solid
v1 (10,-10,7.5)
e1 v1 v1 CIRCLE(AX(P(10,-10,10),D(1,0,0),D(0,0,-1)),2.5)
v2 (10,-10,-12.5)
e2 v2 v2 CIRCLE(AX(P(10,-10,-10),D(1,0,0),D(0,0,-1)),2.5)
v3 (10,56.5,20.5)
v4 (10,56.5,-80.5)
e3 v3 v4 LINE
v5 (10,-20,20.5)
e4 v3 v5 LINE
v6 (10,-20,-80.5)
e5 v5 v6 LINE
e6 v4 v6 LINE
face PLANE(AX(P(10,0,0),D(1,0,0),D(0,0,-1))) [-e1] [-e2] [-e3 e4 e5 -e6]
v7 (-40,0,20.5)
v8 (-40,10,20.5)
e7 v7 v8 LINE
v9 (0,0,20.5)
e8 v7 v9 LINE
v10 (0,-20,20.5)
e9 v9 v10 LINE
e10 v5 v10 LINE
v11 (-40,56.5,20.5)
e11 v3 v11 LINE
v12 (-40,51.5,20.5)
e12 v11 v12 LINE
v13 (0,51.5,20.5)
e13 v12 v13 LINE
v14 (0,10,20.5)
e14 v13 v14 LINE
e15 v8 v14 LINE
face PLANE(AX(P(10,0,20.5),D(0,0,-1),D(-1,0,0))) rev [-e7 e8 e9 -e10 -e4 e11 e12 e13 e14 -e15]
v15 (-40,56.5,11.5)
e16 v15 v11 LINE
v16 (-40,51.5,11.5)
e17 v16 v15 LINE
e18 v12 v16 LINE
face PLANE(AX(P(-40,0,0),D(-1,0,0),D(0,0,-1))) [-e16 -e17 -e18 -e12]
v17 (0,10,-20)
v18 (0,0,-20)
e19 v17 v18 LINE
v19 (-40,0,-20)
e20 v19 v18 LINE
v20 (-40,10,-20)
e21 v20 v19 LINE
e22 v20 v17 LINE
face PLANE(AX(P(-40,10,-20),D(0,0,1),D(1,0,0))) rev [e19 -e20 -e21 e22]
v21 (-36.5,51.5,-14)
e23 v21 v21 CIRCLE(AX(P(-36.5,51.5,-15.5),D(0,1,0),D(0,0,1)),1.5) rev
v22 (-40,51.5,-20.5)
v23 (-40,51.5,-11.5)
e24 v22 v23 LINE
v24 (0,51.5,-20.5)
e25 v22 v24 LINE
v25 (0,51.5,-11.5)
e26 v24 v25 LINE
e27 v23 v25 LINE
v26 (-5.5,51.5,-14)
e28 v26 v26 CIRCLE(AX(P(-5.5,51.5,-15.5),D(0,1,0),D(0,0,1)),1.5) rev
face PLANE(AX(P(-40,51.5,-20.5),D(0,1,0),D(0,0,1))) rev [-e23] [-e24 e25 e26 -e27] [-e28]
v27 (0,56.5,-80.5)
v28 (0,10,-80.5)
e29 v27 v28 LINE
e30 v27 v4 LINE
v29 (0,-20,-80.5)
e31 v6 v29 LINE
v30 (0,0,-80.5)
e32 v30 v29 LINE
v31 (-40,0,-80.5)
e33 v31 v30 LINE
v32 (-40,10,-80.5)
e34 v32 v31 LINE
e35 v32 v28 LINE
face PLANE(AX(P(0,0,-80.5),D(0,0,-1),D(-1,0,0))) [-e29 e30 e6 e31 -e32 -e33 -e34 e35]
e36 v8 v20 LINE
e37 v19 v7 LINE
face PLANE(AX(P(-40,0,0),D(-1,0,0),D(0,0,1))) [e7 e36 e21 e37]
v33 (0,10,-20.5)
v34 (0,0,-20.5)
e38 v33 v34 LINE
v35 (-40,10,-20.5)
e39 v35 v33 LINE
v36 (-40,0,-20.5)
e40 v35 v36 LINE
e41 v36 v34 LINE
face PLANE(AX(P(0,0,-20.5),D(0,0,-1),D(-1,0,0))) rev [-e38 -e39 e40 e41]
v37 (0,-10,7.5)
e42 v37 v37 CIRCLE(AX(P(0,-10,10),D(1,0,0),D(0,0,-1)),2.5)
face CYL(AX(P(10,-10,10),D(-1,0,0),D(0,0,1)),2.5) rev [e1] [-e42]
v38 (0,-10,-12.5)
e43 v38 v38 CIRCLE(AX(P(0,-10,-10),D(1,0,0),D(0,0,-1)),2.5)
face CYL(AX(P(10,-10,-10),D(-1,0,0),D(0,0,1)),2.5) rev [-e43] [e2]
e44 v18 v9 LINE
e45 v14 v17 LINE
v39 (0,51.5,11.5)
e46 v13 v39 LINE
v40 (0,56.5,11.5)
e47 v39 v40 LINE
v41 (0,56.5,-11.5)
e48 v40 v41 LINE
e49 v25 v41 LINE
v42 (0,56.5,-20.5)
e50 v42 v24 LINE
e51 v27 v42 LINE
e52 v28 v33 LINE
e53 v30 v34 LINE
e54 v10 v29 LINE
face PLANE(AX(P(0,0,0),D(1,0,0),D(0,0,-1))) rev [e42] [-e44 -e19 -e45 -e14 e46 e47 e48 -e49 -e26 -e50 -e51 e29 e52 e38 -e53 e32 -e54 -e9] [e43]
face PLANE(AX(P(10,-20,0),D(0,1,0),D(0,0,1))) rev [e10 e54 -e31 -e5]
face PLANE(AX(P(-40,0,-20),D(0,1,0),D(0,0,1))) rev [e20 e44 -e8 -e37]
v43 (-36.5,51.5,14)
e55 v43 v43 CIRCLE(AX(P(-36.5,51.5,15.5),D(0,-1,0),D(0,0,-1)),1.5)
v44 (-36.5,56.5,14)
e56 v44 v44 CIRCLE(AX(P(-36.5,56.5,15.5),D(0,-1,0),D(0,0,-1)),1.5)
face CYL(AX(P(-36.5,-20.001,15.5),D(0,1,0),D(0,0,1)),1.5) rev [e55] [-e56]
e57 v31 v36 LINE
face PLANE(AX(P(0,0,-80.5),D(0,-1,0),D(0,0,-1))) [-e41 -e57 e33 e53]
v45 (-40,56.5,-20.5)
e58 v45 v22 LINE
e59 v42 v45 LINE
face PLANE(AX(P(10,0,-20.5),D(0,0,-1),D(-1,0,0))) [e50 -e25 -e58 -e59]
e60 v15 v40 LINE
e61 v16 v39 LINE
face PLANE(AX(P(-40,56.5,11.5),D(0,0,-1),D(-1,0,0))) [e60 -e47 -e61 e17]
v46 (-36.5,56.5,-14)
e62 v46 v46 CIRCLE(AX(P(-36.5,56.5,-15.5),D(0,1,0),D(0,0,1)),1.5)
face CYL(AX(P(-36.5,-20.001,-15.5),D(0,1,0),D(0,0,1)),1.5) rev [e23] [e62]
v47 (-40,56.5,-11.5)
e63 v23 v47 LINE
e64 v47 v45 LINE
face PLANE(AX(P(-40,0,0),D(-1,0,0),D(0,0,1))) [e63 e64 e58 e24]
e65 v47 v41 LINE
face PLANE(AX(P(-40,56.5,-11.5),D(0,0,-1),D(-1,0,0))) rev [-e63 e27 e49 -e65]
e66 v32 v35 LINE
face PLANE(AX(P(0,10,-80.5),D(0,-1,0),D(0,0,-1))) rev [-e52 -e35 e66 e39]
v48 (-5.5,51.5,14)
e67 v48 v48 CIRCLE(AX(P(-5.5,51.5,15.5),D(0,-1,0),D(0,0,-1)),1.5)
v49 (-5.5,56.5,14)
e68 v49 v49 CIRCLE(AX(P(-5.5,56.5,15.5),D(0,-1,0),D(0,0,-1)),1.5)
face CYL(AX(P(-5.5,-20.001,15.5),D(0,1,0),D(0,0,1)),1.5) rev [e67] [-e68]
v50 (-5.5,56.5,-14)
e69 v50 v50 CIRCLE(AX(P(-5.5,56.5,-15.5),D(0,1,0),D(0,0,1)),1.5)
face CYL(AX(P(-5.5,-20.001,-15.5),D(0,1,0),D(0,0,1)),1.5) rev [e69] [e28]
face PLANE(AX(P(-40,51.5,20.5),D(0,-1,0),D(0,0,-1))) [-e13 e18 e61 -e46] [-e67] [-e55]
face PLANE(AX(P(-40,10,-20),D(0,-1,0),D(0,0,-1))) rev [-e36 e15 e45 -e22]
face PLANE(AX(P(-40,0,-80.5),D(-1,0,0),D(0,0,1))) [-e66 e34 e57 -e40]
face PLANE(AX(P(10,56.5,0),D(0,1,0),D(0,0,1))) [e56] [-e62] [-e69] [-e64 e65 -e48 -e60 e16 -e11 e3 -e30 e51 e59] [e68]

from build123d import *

# Parameters (mm, degrees)
SKETCH1_W           = 41
SKETCH1_H           = 56.5
SKETCH1_H_2         = 20
SKETCH1_R           = 2.5
BOSS_EXTRUDE1_DEPTH = 10
SKETCH3_W           = 40.5
SKETCH3_H           = 10
BOSS_EXTRUDE2_DEPTH = 40
SKETCH4_W           = 9
SKETCH4_H           = 5
BOSS_EXTRUDE3_DEPTH = 40
SKETCH5_R           = 1.5
CUT_EXTRUDE1_DEPTH  = 5
SKETCH6_W           = 10
SKETCH6_H           = 76.5
SKETCH6_W_2         = 40
SKETCH6_H_2         = 10
BOSS_EXTRUDE4_DEPTH = 60


with BuildPart() as part:
    # Sketch1 → Boss-Extrude1 (new body)
    with BuildSketch(Plane(origin=(0, 0, 0), x_dir=(0, 0, -1), z_dir=(1, 0, 0))):
        with Locations((0, 28.25)):
            Rectangle(SKETCH1_W, SKETCH1_H)
        with Locations((0, -10)):
            Rectangle(SKETCH1_W, SKETCH1_H_2)
        with Locations((10, -10)):
            Circle(SKETCH1_R, mode=Mode.SUBTRACT)
        with Locations((-10, -10)):
            Circle(SKETCH1_R, mode=Mode.SUBTRACT)
    extrude(amount=BOSS_EXTRUDE1_DEPTH)

    # Sketch3 → Boss-Extrude2 (add)
    with BuildSketch(Plane.ZY):
        with Locations((0.25, 5)):
            Rectangle(SKETCH3_W, SKETCH3_H)
    extrude(amount=BOSS_EXTRUDE2_DEPTH)

    # Sketch4 → Boss-Extrude3 (add)
    with BuildSketch(Plane.ZY):
        with Locations((-16, 54)):
            Rectangle(SKETCH4_W, SKETCH4_H)
    boss_extrude3 = extrude(amount=BOSS_EXTRUDE3_DEPTH)

    # Sketch5 → Cut-Extrude1 (cut)
    with BuildSketch(Plane(origin=(0, 56.5, 0), x_dir=(1, 0, 0), z_dir=(0, 1, 0))):
        with Locations((-36.5, 15.5)):
            Circle(SKETCH5_R)
        with Locations((-5.5, 15.5)):
            Circle(SKETCH5_R)
    cut_extrude1 = extrude(amount=-CUT_EXTRUDE1_DEPTH, mode=Mode.SUBTRACT)

    # Mirror2: Boss-Extrude3, Cut-Extrude1 across plane
    add(boss_extrude3.mirror(Plane.XY))
    add(cut_extrude1.mirror(Plane.XY), mode=Mode.SUBTRACT)

    # Sketch6 → Boss-Extrude4 (add)
    with BuildSketch(Plane(origin=(0, 0, -20.5), x_dir=(-1, 0, 0), z_dir=(0, 0, -1))):
        with Locations((-5, 18.25)):
            Rectangle(SKETCH6_W, SKETCH6_H)
        with Locations((20, 5)):
            Rectangle(SKETCH6_W_2, SKETCH6_H_2)
    extrude(amount=BOSS_EXTRUDE4_DEPTH)


solid = part.part
